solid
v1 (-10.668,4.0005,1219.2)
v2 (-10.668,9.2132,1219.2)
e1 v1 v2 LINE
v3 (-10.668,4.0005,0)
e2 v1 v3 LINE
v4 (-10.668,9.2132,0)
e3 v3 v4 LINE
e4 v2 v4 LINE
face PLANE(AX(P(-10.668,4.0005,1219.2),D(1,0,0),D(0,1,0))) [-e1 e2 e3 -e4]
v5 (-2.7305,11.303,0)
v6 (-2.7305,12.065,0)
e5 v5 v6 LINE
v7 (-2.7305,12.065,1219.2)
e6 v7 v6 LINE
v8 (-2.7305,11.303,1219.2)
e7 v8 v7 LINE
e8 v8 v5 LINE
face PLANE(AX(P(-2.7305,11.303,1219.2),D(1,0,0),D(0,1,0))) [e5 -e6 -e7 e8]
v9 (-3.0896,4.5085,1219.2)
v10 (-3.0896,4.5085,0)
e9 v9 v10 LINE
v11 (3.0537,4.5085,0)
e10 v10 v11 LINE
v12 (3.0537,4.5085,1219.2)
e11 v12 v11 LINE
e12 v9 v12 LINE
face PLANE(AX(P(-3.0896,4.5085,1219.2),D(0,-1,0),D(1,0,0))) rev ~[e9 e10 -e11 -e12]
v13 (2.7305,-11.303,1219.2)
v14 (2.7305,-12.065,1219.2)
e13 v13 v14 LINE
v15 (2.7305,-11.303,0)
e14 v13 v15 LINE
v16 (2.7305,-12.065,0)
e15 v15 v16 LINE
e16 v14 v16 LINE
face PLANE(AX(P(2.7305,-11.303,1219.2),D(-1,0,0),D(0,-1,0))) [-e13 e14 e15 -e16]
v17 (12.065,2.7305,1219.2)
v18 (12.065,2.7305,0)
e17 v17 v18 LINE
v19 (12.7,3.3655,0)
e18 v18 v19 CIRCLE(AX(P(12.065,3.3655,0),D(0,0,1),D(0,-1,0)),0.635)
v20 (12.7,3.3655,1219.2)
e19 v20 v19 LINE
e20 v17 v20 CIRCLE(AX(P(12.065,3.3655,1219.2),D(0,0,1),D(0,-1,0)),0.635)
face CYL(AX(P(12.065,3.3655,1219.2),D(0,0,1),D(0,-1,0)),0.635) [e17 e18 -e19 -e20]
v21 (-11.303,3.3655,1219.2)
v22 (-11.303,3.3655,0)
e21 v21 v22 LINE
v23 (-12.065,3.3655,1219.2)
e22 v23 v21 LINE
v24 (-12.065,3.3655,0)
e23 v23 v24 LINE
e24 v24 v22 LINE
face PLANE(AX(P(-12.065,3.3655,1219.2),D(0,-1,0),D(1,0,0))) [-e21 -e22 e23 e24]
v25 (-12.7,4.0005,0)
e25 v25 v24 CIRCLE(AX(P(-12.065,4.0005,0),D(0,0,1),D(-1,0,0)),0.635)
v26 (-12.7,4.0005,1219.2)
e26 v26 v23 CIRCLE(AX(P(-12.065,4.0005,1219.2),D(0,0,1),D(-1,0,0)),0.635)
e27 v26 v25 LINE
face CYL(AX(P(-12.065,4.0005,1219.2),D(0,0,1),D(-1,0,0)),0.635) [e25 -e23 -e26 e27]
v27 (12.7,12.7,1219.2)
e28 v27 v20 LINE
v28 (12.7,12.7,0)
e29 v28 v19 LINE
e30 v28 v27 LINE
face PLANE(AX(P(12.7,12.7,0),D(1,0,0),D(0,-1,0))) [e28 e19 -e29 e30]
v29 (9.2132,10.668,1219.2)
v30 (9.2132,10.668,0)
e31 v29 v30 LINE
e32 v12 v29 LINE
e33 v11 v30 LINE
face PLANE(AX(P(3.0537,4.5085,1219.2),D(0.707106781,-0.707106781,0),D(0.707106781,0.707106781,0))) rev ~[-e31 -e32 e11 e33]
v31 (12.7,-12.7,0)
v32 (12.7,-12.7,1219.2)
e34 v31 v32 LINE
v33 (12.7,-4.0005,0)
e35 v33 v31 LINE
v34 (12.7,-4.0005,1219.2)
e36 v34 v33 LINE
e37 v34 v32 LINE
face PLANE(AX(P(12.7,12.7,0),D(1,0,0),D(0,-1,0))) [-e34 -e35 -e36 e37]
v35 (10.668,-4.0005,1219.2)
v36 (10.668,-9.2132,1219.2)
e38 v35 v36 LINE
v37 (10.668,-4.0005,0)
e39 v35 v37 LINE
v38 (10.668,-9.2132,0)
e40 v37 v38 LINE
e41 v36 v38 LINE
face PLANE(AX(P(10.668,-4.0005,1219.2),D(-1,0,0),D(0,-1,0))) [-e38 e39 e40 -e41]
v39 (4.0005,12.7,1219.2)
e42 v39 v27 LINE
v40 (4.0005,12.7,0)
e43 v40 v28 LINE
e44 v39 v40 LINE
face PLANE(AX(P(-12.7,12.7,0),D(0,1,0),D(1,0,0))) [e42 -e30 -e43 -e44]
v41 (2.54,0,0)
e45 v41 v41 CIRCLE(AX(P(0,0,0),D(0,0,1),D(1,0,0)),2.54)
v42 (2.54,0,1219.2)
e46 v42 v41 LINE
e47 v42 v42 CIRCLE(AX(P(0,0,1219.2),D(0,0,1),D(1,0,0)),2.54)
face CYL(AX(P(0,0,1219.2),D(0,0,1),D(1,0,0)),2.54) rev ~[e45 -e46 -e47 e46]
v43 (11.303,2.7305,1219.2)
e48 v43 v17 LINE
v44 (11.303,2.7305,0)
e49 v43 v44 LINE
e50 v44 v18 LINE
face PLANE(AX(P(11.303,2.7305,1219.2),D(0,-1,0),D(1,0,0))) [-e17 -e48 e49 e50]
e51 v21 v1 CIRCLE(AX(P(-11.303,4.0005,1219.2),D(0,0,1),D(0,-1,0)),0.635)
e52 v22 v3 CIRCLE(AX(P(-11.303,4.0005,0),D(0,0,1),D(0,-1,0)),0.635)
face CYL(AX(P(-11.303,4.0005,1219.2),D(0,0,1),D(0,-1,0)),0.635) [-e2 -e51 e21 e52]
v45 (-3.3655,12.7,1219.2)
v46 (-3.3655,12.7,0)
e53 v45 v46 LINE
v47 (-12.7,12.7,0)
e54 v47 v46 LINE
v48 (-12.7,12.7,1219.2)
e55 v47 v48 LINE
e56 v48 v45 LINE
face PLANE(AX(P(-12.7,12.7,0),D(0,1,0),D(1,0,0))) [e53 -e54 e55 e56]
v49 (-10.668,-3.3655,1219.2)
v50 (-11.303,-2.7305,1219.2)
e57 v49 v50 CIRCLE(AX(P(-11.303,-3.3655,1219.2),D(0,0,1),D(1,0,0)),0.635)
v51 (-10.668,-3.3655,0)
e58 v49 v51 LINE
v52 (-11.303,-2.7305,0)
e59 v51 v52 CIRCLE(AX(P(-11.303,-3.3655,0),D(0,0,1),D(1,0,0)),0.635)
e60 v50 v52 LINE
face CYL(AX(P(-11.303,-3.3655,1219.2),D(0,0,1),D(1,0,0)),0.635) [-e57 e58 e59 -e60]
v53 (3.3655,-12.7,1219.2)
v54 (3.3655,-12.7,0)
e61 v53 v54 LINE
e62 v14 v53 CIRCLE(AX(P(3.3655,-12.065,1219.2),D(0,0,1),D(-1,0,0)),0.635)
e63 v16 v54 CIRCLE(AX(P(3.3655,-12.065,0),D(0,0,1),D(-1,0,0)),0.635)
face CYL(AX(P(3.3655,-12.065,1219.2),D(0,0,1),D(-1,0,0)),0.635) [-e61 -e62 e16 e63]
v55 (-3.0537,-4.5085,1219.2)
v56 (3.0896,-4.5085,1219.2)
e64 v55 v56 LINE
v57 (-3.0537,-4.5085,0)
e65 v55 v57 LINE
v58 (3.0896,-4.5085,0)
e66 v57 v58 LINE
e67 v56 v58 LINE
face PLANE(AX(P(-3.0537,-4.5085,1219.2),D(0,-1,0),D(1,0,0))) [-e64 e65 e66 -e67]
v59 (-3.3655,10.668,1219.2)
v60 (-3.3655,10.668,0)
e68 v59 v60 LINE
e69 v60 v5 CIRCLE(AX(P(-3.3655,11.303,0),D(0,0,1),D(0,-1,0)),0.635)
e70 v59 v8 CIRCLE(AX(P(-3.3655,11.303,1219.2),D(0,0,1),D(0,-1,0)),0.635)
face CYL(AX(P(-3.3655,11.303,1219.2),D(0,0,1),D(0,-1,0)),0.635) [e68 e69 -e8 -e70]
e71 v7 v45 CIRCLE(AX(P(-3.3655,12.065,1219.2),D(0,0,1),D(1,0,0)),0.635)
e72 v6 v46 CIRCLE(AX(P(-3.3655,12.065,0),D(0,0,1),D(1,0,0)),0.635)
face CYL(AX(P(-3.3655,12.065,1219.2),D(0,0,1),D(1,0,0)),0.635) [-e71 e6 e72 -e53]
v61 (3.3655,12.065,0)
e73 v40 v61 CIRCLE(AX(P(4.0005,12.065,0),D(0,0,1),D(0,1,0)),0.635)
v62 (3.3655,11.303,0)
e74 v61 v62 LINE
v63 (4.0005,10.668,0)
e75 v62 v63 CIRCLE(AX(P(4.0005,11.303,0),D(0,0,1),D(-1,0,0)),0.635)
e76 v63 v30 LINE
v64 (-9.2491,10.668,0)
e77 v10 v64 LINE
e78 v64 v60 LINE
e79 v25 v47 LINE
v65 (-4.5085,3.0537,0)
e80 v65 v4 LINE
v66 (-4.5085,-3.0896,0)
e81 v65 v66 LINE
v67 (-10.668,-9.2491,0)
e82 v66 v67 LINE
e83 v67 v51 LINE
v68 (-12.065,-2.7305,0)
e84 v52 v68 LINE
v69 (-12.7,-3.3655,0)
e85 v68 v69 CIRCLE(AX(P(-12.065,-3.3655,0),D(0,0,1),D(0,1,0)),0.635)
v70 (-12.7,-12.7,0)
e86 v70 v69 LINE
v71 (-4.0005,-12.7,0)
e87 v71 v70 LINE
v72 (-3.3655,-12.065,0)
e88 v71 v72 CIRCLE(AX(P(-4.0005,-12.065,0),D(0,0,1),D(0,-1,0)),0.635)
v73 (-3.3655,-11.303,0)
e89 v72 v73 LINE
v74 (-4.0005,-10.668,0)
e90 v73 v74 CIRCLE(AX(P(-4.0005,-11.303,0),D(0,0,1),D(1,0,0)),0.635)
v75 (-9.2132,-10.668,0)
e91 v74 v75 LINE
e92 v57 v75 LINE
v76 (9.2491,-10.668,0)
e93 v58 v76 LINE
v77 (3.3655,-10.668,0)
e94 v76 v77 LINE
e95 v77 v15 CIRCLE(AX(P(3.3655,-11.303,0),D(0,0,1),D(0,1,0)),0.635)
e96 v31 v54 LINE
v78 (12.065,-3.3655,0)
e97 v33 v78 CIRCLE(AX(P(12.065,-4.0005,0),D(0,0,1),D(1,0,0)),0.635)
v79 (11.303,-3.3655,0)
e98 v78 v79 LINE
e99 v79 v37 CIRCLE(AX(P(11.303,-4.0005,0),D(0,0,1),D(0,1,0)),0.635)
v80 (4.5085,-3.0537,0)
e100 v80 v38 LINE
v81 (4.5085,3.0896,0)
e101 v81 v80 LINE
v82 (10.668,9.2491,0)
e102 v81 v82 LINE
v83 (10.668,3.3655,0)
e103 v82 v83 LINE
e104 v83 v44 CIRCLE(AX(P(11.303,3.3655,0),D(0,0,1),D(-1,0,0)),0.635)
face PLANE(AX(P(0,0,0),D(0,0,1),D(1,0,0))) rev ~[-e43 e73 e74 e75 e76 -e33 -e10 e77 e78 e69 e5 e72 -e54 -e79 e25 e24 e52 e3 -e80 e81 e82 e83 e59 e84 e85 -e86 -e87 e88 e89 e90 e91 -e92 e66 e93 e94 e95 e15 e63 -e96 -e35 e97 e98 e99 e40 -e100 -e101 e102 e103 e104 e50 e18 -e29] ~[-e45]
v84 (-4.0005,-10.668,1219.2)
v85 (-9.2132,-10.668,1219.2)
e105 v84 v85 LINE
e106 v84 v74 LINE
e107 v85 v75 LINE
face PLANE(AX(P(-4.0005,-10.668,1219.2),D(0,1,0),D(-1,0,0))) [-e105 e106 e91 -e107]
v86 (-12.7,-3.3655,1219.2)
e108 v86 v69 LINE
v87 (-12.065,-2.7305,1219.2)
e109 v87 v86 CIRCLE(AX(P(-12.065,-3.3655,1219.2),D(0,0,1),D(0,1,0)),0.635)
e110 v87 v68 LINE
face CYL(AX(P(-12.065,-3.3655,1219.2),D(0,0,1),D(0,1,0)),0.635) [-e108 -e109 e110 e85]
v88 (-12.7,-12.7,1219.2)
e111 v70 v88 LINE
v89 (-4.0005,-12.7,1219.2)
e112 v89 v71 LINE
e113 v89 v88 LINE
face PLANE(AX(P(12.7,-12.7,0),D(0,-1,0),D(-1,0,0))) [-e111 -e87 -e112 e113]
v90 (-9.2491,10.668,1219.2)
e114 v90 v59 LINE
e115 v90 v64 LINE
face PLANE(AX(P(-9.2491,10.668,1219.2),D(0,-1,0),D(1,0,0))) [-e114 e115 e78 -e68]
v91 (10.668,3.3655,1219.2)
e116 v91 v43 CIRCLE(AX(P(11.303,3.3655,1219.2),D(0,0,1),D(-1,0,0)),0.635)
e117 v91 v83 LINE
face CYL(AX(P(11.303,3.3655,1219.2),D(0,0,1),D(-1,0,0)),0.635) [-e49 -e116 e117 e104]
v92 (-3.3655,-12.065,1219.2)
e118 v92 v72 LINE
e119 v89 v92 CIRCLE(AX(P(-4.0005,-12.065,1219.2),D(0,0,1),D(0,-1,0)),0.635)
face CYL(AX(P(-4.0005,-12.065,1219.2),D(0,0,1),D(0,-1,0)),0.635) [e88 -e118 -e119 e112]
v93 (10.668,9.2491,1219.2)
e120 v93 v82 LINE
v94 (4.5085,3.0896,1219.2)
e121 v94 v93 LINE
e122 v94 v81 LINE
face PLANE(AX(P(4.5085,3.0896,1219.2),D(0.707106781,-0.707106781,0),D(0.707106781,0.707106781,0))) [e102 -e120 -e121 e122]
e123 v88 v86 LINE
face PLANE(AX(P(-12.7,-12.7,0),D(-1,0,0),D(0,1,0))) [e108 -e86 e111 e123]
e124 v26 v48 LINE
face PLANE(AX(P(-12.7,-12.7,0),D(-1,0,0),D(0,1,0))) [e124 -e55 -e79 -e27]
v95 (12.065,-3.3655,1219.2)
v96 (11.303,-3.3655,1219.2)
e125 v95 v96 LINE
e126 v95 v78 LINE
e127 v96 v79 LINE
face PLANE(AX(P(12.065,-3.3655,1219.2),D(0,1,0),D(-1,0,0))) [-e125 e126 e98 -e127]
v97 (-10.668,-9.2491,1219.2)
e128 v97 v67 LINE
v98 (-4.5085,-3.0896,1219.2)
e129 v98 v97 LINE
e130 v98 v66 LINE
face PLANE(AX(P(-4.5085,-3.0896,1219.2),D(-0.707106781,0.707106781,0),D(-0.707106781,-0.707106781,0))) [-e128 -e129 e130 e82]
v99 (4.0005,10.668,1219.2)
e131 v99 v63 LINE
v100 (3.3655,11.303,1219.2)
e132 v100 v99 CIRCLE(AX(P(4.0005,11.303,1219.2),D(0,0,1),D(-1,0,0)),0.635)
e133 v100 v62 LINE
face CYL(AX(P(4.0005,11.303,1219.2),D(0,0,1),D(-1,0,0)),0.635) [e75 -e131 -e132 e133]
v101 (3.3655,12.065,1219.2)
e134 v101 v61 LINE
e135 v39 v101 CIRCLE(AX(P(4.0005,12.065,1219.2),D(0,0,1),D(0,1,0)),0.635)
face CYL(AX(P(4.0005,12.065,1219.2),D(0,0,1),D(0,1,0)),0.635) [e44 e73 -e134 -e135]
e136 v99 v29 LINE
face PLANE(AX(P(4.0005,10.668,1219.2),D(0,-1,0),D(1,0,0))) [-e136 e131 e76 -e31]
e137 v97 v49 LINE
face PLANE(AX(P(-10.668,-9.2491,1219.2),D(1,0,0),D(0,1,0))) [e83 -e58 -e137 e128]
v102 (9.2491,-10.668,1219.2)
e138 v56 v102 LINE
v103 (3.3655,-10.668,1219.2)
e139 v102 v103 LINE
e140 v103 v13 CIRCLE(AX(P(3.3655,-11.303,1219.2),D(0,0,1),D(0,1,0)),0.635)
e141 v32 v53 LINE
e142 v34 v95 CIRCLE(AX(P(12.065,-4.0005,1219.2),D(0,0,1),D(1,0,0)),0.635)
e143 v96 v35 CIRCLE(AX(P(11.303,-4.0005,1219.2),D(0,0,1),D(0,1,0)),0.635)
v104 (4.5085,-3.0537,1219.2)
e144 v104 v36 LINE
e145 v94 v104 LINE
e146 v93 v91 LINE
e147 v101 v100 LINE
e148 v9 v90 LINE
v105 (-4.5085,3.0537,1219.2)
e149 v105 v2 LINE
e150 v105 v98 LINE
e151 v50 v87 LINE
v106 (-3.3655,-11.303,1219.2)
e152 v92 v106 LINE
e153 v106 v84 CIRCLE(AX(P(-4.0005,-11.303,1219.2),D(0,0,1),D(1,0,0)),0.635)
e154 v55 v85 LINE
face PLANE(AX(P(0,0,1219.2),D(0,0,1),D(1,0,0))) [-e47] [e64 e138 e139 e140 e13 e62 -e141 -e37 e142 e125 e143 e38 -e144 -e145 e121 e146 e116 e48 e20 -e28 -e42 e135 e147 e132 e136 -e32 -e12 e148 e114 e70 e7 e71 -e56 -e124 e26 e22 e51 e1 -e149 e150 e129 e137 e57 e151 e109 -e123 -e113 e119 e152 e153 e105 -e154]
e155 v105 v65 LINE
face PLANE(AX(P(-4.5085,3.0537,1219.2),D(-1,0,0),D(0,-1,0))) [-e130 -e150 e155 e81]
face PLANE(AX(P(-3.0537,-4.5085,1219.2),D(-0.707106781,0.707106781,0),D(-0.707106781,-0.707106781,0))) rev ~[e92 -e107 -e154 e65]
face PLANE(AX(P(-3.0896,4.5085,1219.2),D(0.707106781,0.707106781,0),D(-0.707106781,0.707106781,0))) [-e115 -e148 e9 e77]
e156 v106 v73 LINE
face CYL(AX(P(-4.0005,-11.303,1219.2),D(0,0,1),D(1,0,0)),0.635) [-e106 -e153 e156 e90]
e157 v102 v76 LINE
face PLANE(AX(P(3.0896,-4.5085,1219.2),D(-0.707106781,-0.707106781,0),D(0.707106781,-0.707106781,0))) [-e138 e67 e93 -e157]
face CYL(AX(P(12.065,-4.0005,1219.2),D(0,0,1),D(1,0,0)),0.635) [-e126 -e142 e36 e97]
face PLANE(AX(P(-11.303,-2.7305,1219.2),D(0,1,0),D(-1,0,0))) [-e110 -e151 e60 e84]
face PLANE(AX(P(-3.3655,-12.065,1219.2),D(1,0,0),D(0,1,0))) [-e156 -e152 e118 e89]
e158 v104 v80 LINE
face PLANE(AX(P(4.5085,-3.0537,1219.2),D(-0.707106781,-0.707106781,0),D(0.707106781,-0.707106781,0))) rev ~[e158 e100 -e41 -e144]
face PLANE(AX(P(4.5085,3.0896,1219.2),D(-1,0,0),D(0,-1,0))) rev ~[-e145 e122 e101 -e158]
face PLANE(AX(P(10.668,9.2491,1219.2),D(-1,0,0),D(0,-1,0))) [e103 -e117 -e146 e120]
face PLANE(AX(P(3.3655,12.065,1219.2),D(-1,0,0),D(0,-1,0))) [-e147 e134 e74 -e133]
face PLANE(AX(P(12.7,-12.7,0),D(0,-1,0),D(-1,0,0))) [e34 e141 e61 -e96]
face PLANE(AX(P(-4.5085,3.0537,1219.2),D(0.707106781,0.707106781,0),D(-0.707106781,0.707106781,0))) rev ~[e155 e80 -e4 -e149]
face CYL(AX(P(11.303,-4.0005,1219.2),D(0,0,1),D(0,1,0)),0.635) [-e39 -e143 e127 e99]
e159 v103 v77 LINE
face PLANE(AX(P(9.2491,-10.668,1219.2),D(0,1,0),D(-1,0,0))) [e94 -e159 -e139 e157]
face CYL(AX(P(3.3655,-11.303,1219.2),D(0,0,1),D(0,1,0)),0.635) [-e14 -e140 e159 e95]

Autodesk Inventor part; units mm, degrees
ref_plane "YZ Plane" through (0, 0, 0) normal (1, 0, 0) x (0, 1, 0)
ref_plane "XZ Plane" through (0, 0, 0) normal (0, 1, 0) x (-1, 0, 0)
ref_plane "XY Plane" through (0, 0, 0) normal (0, 0, 1) x (1, 0, 0)
sketch "Sketch1" plane through (0, 0, 0) normal (0, 0, 1) x (1, 0, 0)
  line L0 (-12.7, 12.7) -> (12.7, 12.7)
  line L1 (12.7, 12.7) -> (12.7, -12.7)
  line L2 (12.7, -12.7) -> (-12.7, -12.7)
  line L3 (-12.7, -12.7) -> (-12.7, 12.7)
  point P0 (0, 0)
  dimension "d0" = 25.4
  dimension "d1" = 25.4
  dimension "d2" = 12.7
  dimension "d3" = 12.7
extrude "Extrusion1" add sketch "Sketch1" along normal blind 1219.2
sketch "Sketch2" plane through (0, 0, 1219.2) normal (0, 0, 1) x (1, 0, 0)
  circle A0 centre (0, 0) radius 2.54
  line L0 (-4.5085, 4.5085) -> (4.5085, 4.5085)
  line L1 (-4.5085, -4.5085) -> (4.5085, -4.5085)
  line L2 (4.5085, 4.5085) -> (4.5085, -4.5085)
  line L3 (-4.5085, 4.5085) -> (-4.5085, -4.5085)
  line L4 (-3.0896, 4.5085) -> (-11.2811, 12.7)
  line L5 (-4.5085, 3.0537) -> (-12.7, 11.2452)
  line L6 (12.7, 12.7) -> (-12.7, 12.7) projected
  line L7 (-12.7, 12.7) -> (-12.7, 4.0005)
  line L8 (-10.668, 4.0005) -> (-10.668, 9.2132)
  line L9 (-9.2491, 10.668) -> (-3.3655, 10.668)
  line L10 (-12.7, 12.7) -> (-3.3655, 12.7)
  line L11 (-2.7305, 11.303) -> (-2.7305, 12.065)
  line L12 (-12.065, 3.3655) -> (-11.303, 3.3655)
  arc A1 (-12.7, 4.0005) -> (-12.065, 3.3655) centre (-12.065, 4.0005) ccw
  arc A2 (-11.303, 3.3655) -> (-10.668, 4.0005) centre (-11.303, 4.0005) ccw
  arc A3 (-3.3655, 10.668) -> (-2.7305, 11.303) centre (-3.3655, 11.303) ccw
  arc A4 (-2.7305, 12.065) -> (-3.3655, 12.7) centre (-3.3655, 12.065) ccw
  arc A5 (-3.3655, -11.303) -> (-4.0005, -10.668) centre (-4.0005, -11.303) ccw
  line L13 (-3.3655, -12.065) -> (-3.3655, -11.303)
  arc A6 (-4.0005, -12.7) -> (-3.3655, -12.065) centre (-4.0005, -12.065) ccw
  line L14 (-3.0537, -4.5085) -> (-11.2452, -12.7)
  line L15 (-10.668, -9.2491) -> (-10.668, -3.3655)
  line L16 (-4.5085, -3.0896) -> (-12.7, -11.2811)
  line L17 (-12.7, -12.7) -> (-12.7, -3.3655)
  arc A7 (-10.668, -3.3655) -> (-11.303, -2.7305) centre (-11.303, -3.3655) ccw
  line L18 (-11.303, -2.7305) -> (-12.065, -2.7305)
  arc A8 (-12.065, -2.7305) -> (-12.7, -3.3655) centre (-12.065, -3.3655) ccw
  line L19 (-4.0005, -10.668) -> (-9.2132, -10.668)
  line L20 (-12.7, -12.7) -> (-4.0005, -12.7)
  arc A9 (11.303, -3.3655) -> (10.668, -4.0005) centre (11.303, -4.0005) ccw
  line L21 (12.065, -3.3655) -> (11.303, -3.3655)
  arc A10 (12.7, -4.0005) -> (12.065, -3.3655) centre (12.065, -4.0005) ccw
  line L22 (4.5085, -3.0537) -> (12.7, -11.2452)
  line L23 (9.2491, -10.668) -> (3.3655, -10.668)
  line L24 (3.0896, -4.5085) -> (11.2811, -12.7)
  line L25 (12.7, -12.7) -> (3.3655, -12.7)
  arc A11 (3.3655, -10.668) -> (2.7305, -11.303) centre (3.3655, -11.303) ccw
  line L26 (2.7305, -11.303) -> (2.7305, -12.065)
  arc A12 (2.7305, -12.065) -> (3.3655, -12.7) centre (3.3655, -12.065) ccw
  line L27 (10.668, -4.0005) -> (10.668, -9.2132)
  line L28 (12.7, -12.7) -> (12.7, -4.0005)
  arc A13 (3.3655, 11.303) -> (4.0005, 10.668) centre (4.0005, 11.303) ccw
  line L29 (3.3655, 12.065) -> (3.3655, 11.303)
  arc A14 (4.0005, 12.7) -> (3.3655, 12.065) centre (4.0005, 12.065) ccw
  line L30 (3.0537, 4.5085) -> (11.2452, 12.7)
  line L31 (10.668, 9.2491) -> (10.668, 3.3655)
  line L32 (4.5085, 3.0896) -> (12.7, 11.2811)
  line L33 (12.7, 12.7) -> (12.7, 3.3655)
  arc A15 (10.668, 3.3655) -> (11.303, 2.7305) centre (11.303, 3.3655) ccw
  line L34 (11.303, 2.7305) -> (12.065, 2.7305)
  arc A16 (12.065, 2.7305) -> (12.7, 3.3655) centre (12.065, 3.3655) ccw
  line L35 (4.0005, 10.668) -> (9.2132, 10.668)
  line L36 (12.7, 12.7) -> (4.0005, 12.7)
  line L37 (-4.5085, 3.0537) -> (-4.5085, 4.5085)
  line L38 (-3.0896, 4.5085) -> (-4.5085, 4.5085)
  line L39 (-12.7, -12.7) -> (-4.0005, -12.7)
  line L40 (-4.0005, -10.668) -> (-9.2132, -10.668)
  line L41 (-10.668, -9.2491) -> (-10.668, -3.3655)
  line L42 (-12.7, -12.7) -> (-12.7, -3.3655)
  line L43 (-11.303, -2.7305) -> (-12.065, -2.7305)
  arc A17 (-10.668, -3.3655) -> (-11.303, -2.7305) centre (-11.303, -3.3655) ccw
  arc A18 (-12.065, -2.7305) -> (-12.7, -3.3655) centre (-12.065, -3.3655) ccw
  line L44 (-4.5085, -3.0896) -> (-4.5085, -4.5085)
  line L45 (-4.5085, -3.0896) -> (-12.7, -11.2811)
  line L46 (-3.0537, -4.5085) -> (-4.5085, -4.5085)
  line L47 (-3.0537, -4.5085) -> (-11.2452, -12.7)
  line L48 (-4.5085, -4.5085) -> (-4.5085, 4.5085)
  circle A19 centre (0, 0) radius 2.54
  line L49 (-4.5085, -4.5085) -> (4.5085, -4.5085)
  line L50 (-3.3655, -12.065) -> (-3.3655, -11.303)
  arc A20 (-4.0005, -12.7) -> (-3.3655, -12.065) centre (-4.0005, -12.065) ccw
  arc A21 (-3.3655, -11.303) -> (-4.0005, -10.668) centre (-4.0005, -11.303) ccw
  line L51 (12.7, -12.7) -> (12.7, -4.0005)
  line L52 (10.668, -4.0005) -> (10.668, -9.2132)
  line L53 (9.2491, -10.668) -> (3.3655, -10.668)
  line L54 (12.7, -12.7) -> (3.3655, -12.7)
  line L55 (2.7305, -11.303) -> (2.7305, -12.065)
  arc A22 (3.3655, -10.668) -> (2.7305, -11.303) centre (3.3655, -11.303) ccw
  arc A23 (2.7305, -12.065) -> (3.3655, -12.7) centre (3.3655, -12.065) ccw
  line L56 (3.0896, -4.5085) -> (4.5085, -4.5085)
  line L57 (3.0896, -4.5085) -> (11.2811, -12.7)
  line L58 (4.5085, -3.0537) -> (4.5085, -4.5085)
  line L59 (4.5085, -3.0537) -> (12.7, -11.2452)
  line L60 (4.5085, -4.5085) -> (-4.5085, -4.5085)
  circle A24 centre (0, 0) radius 2.54
  line L61 (4.5085, -4.5085) -> (4.5085, 4.5085)
  line L62 (12.065, -3.3655) -> (11.303, -3.3655)
  arc A25 (12.7, -4.0005) -> (12.065, -3.3655) centre (12.065, -4.0005) ccw
  arc A26 (11.303, -3.3655) -> (10.668, -4.0005) centre (11.303, -4.0005) ccw
  line L63 (12.7, 12.7) -> (4.0005, 12.7)
  line L64 (4.0005, 10.668) -> (9.2132, 10.668)
  line L65 (10.668, 9.2491) -> (10.668, 3.3655)
  line L66 (12.7, 12.7) -> (12.7, 3.3655)
  line L67 (11.303, 2.7305) -> (12.065, 2.7305)
  arc A27 (10.668, 3.3655) -> (11.303, 2.7305) centre (11.303, 3.3655) ccw
  arc A28 (12.065, 2.7305) -> (12.7, 3.3655) centre (12.065, 3.3655) ccw
  line L68 (4.5085, 3.0896) -> (4.5085, 4.5085)
  line L69 (4.5085, 3.0896) -> (12.7, 11.2811)
  line L70 (3.0537, 4.5085) -> (4.5085, 4.5085)
  line L71 (3.0537, 4.5085) -> (11.2452, 12.7)
  line L72 (4.5085, 4.5085) -> (4.5085, -4.5085)
  circle A29 centre (0, 0) radius 2.54
  line L73 (4.5085, 4.5085) -> (-4.5085, 4.5085)
  line L74 (3.3655, 12.065) -> (3.3655, 11.303)
  arc A30 (4.0005, 12.7) -> (3.3655, 12.065) centre (4.0005, 12.065) ccw
  arc A31 (3.3655, 11.303) -> (4.0005, 10.668) centre (4.0005, 11.303) ccw
  point P0 (-12.7, 3.3655)
  point P1 (-2.7305, 12.7)
  point P2 (-3.3655, -12.7)
  point P3 (-12.7, -2.7305)
  point P4 (12.7, -3.3655)
  point P5 (2.7305, -12.7)
  point P6 (3.3655, 12.7)
  point P7 (12.7, 2.7305)
  point P8 (-3.3655, -12.7)
  point P9 (-12.7, -2.7305)
  point P10 (12.7, -3.3655)
  point P11 (2.7305, -12.7)
  point P12 (3.3655, 12.7)
  point P13 (12.7, 2.7305)
  dimension "d6" = 5.08
  dimension "d7" = 9.017
  dimension "d8" = 4.5085
  dimension "d9" = 4.5085
  dimension "d10" = 4.5085
  dimension "d11" = 2.032
  dimension "d12" = 1.0033
  dimension "d13" = 135
  dimension "d17" = 9.3345
  dimension "d19" = 2.032
  dimension "d20" = 2.032
  dimension "d21" = 0.635
  dimension "d22" = 9.3345
  dimension "d25" = 360
  dimension "d29" = 360
extrude "Extrusion2" cut sketch "Sketch2" against normal blind 1219.2 contours L3 L5 L7 L6 L4 L0 | L0 L2 L1 L3 | L30 L6 L33 L32 L2 L0 | L4 L6 A4 L11 A3 L9 | L3 L1 L14 L20 L17 L16 | L8 A2 L12 A1 L7 L5 | L35 A13 L29 A14 L6 L30 | L16 L17 A8 L18 A7 L15 | L22 L28 L25 L24 L1 L2 | L32 L33 A16 L34 A15 L31 | L19 A5 L13 A6 L20 L14 | L27 A9 L21 A10 L28 L22 | L24 L25 A12 L26 A11 L23 keep common part
equation "\"d22\" = d17"
properties part number "48 in 80-20 extrusion"
